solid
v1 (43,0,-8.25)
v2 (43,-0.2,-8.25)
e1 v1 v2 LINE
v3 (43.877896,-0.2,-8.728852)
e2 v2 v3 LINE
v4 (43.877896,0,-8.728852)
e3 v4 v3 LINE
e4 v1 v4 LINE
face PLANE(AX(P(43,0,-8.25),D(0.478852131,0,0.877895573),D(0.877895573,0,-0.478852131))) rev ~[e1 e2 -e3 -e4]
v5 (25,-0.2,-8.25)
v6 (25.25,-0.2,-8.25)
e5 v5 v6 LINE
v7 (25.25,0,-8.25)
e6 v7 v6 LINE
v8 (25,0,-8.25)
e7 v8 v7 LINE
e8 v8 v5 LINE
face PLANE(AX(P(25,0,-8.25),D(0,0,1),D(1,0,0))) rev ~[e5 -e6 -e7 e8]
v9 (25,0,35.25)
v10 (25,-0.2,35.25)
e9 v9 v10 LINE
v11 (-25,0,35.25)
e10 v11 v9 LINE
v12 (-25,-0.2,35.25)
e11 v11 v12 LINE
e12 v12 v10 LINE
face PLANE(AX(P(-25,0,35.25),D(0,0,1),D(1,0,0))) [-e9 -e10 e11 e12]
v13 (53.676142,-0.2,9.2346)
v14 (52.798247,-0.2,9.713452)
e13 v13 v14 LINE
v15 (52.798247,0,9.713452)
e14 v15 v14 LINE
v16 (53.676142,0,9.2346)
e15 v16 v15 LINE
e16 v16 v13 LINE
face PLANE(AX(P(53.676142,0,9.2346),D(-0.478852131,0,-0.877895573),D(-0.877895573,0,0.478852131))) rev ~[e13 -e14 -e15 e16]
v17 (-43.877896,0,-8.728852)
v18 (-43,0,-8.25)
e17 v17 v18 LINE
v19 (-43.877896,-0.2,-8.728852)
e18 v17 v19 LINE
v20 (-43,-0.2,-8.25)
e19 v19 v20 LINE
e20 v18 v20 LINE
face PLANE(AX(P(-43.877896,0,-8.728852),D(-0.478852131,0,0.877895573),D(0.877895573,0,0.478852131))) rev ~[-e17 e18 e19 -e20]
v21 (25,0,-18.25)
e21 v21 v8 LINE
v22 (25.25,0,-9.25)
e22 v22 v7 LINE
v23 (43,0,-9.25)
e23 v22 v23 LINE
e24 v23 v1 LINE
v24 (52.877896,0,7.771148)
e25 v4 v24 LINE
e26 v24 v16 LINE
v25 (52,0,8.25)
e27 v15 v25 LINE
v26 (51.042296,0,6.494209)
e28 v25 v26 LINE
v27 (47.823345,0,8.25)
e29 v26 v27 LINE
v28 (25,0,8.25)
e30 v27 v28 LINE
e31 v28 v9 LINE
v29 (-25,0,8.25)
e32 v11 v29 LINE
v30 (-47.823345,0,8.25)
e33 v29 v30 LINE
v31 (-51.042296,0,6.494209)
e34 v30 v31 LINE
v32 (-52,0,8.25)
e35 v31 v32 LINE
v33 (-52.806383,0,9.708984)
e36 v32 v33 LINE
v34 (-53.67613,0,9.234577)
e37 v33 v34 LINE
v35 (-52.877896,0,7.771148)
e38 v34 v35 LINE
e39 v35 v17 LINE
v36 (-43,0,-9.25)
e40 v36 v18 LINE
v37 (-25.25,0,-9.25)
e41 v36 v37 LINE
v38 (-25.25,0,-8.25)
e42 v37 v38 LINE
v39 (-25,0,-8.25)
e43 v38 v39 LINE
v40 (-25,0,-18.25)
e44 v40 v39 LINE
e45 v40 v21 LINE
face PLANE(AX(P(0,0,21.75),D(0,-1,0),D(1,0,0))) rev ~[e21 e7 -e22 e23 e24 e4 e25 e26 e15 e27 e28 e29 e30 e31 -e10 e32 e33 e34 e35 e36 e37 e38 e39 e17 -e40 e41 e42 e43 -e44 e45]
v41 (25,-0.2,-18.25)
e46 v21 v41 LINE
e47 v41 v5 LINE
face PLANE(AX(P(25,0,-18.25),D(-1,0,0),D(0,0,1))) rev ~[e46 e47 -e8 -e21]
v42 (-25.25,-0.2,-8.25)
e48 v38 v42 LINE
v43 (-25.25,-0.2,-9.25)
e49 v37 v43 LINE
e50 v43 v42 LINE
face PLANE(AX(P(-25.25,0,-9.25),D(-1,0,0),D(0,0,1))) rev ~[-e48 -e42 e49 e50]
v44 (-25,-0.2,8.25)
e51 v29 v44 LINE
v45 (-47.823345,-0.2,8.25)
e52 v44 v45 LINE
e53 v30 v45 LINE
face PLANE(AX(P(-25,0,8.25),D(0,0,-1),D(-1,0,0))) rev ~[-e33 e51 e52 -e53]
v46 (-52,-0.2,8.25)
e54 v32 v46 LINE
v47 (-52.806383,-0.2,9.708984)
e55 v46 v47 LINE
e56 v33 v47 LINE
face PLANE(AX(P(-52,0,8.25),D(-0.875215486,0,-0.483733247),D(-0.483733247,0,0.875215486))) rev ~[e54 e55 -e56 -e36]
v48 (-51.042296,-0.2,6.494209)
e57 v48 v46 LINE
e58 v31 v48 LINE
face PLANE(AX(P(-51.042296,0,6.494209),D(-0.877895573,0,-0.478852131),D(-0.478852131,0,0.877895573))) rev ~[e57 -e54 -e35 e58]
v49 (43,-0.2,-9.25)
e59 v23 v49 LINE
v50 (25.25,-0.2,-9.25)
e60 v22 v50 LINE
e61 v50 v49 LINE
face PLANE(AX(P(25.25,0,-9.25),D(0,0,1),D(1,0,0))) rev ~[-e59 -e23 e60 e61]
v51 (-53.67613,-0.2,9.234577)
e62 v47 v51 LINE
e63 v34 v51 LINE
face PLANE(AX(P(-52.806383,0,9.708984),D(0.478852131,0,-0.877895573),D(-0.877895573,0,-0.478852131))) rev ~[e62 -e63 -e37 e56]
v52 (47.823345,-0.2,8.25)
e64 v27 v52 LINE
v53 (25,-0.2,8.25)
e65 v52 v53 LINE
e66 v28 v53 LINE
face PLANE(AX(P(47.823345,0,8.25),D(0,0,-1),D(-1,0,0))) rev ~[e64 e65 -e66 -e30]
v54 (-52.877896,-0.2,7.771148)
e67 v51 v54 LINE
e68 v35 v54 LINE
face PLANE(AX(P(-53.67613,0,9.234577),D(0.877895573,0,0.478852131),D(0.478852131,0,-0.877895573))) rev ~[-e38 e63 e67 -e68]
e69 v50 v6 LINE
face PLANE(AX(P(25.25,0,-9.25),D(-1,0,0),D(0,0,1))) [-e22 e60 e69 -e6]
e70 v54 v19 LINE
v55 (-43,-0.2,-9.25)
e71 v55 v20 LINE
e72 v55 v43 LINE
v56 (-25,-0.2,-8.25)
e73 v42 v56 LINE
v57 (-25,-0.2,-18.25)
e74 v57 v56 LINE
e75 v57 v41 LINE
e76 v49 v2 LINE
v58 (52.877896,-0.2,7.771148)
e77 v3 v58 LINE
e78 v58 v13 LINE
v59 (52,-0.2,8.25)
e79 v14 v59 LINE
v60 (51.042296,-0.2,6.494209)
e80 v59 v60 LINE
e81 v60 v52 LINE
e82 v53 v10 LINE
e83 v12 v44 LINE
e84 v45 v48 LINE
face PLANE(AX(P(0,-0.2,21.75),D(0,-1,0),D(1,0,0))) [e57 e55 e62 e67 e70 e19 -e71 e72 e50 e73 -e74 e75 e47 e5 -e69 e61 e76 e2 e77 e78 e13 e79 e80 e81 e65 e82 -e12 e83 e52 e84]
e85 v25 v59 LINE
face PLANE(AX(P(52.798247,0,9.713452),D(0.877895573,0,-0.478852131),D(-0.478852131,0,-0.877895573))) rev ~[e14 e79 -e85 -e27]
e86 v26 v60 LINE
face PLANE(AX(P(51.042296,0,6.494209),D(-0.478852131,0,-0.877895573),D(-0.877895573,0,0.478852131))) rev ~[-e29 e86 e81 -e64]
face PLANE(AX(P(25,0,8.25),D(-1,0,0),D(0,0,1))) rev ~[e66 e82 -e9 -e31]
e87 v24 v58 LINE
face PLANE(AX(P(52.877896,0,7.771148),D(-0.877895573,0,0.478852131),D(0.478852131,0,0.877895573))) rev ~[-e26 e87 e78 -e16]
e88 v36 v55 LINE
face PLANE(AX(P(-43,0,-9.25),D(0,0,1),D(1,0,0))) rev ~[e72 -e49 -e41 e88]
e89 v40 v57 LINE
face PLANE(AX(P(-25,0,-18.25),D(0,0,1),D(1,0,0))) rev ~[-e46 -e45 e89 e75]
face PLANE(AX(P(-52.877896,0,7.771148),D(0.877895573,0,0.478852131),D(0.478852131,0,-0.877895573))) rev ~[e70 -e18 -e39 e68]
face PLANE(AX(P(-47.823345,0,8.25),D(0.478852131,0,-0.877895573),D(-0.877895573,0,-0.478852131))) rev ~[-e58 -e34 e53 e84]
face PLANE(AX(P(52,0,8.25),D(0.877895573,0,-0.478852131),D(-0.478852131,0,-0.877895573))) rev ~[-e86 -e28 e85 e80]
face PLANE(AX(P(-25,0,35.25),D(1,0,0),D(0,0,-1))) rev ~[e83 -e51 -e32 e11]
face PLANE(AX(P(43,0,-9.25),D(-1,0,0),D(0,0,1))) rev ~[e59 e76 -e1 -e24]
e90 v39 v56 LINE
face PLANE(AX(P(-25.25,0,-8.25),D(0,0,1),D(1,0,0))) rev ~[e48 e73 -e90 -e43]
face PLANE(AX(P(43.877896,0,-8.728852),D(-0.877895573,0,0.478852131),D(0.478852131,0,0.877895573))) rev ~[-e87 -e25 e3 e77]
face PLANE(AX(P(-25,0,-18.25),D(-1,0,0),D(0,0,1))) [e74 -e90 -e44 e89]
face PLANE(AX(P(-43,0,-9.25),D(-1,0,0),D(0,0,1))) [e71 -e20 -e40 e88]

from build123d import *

# Parameters (mm, degrees)
F0_W     = 50
F0_H     = 27
F0_H_2   = 16.5
F0_H_3   = 10
F0_W_2   = 17.75
F0_H_4   = 1
F1_DEPTH = 0.2


with BuildPart() as f1:
    # F0 (on Front) → F1 (new body)
    with BuildSketch(Plane.XZ):
        with Locations((0, 21.75)):
            Rectangle(F0_W, F0_H)
        Rectangle(F0_W, F0_H_2)
        Polygon((-25, -8.25), (-25, 8.25), (-47.8233453046, 8.25), (-51.0422957386, 6.4942088542), (-43, -8.25), (-25.25, -8.25), align=None)
        Polygon((47.8233453046, 8.25), (25, 8.25), (25, -8.25), (25.25, -8.25), (43, -8.25), (51.0422957386, 6.4942088542), align=None)
        with Locations((0, -13.25)):
            Rectangle(F0_W, F0_H_3)
        with Locations((-34.125, -8.75)):
            Rectangle(F0_W_2, F0_H_4)
        Polygon((-43, -8.25), (-51.0422957386, 6.4942088542), (-52, 8.25), (-52.806383322, 9.7089842144), (-53.6761296987, 9.2345770999), (-52.8778955729, 7.7711478693), (-43.8778955729, -8.7288521307), align=None)
        with Locations((34.125, -8.75)):
            Rectangle(F0_W_2, F0_H_4)
        Polygon((52, 8.25), (51.0422957386, 6.4942088542), (43, -8.25), (43.8778955729, -8.7288521307), (52.8778955729, 7.7711478693), (53.6761420748, 9.2345997894), (52.7982465018, 9.71345192), align=None)
    extrude(amount=F1_DEPTH)


solid = f1.part
